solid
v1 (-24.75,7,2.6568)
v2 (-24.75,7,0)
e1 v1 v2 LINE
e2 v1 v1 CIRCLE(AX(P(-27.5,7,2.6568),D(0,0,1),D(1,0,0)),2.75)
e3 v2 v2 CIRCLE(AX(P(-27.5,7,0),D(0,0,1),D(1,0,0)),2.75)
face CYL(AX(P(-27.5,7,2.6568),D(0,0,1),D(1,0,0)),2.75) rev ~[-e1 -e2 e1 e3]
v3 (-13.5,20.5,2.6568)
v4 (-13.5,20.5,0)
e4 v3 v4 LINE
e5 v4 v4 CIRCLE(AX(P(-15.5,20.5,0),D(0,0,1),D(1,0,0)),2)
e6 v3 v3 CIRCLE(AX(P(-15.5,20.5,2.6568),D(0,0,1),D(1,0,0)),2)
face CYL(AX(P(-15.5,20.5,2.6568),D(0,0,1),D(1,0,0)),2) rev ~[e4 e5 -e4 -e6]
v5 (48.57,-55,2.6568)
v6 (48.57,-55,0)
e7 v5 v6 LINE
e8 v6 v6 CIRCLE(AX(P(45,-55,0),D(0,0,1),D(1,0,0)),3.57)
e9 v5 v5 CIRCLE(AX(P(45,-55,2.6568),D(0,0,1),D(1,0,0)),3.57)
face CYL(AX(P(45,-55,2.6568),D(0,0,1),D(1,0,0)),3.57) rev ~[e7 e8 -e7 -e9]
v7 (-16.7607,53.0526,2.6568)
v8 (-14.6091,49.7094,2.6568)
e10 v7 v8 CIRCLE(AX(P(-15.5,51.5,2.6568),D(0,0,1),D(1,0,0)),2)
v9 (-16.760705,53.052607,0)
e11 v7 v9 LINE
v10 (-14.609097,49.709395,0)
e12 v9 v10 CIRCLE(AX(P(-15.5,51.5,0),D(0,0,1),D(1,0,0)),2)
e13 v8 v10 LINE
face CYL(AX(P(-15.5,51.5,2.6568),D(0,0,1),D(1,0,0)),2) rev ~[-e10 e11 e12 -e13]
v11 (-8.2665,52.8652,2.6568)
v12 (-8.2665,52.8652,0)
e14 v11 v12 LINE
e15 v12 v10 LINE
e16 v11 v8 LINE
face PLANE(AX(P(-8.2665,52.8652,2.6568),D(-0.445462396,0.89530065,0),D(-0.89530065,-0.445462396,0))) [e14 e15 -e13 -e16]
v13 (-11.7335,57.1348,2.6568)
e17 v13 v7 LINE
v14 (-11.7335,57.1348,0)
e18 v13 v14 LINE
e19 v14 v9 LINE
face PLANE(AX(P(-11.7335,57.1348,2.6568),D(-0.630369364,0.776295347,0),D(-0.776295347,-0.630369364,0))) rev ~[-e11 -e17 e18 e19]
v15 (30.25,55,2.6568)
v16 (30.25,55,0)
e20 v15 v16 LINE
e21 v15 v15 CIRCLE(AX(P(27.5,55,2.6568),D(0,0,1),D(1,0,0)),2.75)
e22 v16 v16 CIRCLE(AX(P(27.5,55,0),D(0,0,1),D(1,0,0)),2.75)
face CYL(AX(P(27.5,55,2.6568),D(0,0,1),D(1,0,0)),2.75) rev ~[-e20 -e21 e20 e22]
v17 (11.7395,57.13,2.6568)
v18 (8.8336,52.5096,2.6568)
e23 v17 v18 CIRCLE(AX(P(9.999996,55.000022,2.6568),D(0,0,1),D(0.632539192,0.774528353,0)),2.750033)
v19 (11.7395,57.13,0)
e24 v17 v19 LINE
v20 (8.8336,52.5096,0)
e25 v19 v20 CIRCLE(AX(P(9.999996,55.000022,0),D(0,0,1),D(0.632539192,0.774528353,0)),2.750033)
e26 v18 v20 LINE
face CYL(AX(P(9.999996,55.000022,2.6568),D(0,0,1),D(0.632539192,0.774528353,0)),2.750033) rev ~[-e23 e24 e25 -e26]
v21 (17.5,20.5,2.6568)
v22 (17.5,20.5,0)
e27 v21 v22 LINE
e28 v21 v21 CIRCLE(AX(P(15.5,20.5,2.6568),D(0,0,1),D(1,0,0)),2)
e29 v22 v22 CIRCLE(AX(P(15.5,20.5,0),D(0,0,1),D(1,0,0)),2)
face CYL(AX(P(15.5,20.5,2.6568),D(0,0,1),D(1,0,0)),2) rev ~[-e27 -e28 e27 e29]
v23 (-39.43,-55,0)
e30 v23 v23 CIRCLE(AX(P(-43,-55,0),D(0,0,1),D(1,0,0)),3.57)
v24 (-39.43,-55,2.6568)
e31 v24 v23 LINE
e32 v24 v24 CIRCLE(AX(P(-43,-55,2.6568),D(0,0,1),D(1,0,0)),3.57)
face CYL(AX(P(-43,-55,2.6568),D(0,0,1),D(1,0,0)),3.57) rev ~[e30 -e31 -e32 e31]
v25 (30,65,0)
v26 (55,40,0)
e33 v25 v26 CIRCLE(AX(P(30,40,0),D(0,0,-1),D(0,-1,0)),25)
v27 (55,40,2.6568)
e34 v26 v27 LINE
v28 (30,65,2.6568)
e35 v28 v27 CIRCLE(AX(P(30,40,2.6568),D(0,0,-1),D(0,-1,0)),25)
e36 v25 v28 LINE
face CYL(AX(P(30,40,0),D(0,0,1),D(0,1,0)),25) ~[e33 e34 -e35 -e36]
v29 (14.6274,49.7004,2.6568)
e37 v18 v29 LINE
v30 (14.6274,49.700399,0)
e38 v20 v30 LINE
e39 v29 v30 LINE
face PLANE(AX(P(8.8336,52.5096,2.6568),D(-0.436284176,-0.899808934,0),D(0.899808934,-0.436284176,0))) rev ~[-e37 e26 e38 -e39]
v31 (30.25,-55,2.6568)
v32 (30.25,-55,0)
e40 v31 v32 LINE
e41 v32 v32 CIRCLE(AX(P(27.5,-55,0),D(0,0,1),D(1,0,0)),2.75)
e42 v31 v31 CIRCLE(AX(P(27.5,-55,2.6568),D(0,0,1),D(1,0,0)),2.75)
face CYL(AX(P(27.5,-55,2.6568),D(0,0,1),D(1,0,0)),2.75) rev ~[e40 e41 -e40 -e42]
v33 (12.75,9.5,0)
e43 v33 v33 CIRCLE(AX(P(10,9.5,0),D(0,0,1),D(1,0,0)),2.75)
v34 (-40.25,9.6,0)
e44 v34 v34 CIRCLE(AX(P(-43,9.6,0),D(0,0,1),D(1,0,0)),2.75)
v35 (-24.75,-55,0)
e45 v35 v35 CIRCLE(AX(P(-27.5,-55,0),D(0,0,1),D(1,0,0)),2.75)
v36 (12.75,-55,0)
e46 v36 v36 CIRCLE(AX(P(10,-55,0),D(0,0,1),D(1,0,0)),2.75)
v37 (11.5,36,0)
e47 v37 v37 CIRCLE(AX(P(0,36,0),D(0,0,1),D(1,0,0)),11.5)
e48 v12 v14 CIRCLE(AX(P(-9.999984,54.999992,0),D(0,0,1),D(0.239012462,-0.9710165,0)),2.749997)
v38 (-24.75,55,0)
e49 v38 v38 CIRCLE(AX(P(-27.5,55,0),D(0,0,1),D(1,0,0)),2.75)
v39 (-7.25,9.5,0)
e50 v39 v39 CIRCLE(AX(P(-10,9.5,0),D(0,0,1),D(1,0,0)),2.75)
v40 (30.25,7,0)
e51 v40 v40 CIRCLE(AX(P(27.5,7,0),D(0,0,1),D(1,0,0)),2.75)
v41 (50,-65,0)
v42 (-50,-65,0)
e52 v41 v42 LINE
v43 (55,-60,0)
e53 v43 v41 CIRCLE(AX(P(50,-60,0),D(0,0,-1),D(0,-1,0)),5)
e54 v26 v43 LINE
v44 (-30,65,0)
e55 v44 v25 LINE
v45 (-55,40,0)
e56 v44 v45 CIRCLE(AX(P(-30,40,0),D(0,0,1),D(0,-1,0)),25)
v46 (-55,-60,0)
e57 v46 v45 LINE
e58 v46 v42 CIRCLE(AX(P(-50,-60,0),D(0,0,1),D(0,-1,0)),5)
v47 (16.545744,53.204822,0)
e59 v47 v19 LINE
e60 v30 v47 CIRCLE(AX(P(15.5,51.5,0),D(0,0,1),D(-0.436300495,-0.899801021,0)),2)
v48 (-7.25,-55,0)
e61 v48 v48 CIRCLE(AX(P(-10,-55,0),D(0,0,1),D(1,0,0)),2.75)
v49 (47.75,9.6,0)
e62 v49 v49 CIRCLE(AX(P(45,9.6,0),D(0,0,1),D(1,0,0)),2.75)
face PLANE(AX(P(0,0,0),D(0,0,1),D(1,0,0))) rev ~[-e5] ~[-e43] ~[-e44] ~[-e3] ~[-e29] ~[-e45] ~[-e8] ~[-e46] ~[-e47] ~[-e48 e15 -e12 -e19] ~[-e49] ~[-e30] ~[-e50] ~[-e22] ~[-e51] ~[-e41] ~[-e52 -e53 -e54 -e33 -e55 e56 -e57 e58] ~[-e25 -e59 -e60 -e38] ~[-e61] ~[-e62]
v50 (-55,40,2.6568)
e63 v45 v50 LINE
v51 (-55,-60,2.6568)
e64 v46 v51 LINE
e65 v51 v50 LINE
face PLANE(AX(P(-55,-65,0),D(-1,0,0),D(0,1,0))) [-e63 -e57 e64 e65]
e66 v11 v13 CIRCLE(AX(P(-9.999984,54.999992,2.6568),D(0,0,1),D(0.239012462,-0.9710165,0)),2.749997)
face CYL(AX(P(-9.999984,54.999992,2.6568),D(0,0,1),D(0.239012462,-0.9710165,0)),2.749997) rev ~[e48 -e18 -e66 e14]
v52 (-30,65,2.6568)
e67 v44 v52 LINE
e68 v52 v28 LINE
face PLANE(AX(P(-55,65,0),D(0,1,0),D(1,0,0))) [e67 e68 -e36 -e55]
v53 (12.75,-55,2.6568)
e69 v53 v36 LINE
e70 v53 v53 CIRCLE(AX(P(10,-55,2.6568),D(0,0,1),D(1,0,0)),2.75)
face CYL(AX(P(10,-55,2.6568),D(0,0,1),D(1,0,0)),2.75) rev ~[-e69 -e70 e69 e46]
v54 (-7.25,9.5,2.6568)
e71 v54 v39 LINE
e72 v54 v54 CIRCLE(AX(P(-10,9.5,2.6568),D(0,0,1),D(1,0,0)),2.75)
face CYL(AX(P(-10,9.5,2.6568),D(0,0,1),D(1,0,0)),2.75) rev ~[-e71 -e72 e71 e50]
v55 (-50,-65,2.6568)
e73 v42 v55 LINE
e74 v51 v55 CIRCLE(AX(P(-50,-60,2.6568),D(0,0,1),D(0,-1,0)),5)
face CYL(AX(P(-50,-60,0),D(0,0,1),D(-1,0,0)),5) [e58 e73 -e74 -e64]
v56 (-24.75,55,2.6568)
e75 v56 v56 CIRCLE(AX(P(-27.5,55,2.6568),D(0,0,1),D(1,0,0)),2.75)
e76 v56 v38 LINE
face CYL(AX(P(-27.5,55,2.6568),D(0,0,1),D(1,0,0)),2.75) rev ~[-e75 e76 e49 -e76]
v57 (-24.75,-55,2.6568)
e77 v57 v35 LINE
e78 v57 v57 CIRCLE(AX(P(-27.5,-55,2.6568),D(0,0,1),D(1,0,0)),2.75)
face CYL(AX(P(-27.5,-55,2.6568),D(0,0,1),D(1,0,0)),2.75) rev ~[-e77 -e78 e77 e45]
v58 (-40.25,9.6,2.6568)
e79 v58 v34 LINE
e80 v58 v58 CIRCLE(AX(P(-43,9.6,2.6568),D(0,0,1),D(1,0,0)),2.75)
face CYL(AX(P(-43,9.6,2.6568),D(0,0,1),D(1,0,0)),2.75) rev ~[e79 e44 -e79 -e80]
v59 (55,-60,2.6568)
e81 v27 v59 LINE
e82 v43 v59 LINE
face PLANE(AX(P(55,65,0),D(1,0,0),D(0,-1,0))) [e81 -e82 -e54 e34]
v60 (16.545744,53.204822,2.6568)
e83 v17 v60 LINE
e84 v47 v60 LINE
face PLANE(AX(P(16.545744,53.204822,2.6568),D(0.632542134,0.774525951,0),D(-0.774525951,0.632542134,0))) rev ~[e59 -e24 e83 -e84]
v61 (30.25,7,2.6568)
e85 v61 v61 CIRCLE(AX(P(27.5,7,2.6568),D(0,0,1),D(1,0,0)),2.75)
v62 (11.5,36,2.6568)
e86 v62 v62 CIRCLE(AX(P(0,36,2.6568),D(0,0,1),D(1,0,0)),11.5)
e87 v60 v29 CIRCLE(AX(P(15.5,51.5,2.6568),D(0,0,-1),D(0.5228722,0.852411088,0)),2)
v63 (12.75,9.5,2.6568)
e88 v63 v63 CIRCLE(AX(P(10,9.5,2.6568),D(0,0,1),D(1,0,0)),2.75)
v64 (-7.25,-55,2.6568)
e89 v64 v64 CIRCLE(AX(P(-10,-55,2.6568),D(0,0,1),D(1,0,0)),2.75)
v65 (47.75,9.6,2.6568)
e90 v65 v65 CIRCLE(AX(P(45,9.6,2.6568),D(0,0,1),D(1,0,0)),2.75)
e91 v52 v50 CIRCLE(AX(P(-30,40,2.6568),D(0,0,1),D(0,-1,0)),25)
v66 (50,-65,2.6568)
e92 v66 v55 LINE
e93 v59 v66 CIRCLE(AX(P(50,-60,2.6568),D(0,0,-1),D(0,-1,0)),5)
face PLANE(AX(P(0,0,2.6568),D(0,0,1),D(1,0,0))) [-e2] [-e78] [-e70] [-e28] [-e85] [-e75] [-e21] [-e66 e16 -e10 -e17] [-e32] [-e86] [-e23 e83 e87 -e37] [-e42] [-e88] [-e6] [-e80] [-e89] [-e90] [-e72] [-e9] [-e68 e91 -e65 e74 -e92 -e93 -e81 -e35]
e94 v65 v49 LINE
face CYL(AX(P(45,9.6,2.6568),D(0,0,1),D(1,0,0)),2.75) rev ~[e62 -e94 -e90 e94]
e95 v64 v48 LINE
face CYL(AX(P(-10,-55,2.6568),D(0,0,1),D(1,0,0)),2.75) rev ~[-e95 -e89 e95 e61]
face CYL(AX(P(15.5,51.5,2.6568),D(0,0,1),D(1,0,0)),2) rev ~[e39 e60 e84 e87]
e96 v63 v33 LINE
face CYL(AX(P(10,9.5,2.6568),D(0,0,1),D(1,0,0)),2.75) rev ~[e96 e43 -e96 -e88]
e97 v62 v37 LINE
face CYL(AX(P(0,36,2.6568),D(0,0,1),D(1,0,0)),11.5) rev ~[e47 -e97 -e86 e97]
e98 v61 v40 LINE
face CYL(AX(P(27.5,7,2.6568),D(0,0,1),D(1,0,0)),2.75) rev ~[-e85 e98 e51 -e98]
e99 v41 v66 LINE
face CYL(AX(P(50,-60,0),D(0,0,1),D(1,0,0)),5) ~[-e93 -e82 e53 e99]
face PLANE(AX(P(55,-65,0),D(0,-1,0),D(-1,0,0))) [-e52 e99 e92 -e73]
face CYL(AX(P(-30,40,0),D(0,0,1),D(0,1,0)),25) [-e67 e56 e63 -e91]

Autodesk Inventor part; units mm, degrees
ref_plane "YZ Plane" through (0, 0, 0) normal (1, 0, 0) x (0, 1, 0)
ref_plane "XZ Plane" through (0, 0, 0) normal (0, 1, 0) x (-1, 0, 0)
ref_plane "XY Plane" through (0, 0, 0) normal (0, 0, 1) x (1, 0, 0)
sketch "Sketch1" plane through (0, 0, 0) normal (0, 0, 1) x (1, 0, 0)
  line L0 (-55, 65) -> (55, 65)
  line L1 (55, 65) -> (55, -65)
  line L2 (55, -65) -> (-55, -65)
  line L3 (-55, -65) -> (-55, 65)
  point P0 (0, 0)
  dimension "d0" = 110
  dimension "d1" = 130
  dimension "d2" = 65
  dimension "d3" = 55
extrude "profile" add sketch "Sketch1" along normal blind 2.6568
sketch "Sketch3" plane through (0, 0, 2.6568) normal (0, 0, 1) x (1, 0, 0)
  line L0 (-55, 65) -> (-55, -65) projected
  line L1 (-55, -65) -> (55, -65) projected
  circle A0 centre (-43, -55) radius 3.57
  circle A1 centre (-43, 9.6) radius 2.75
  circle A2 centre (-43, 9.6) radius 11.75 construction
  point P0 (0, 0)
  dimension "d15" = 7.14
  dimension "d16" = 5.5
  dimension "d17" = 64.6
  dimension "d18" = 10
  dimension "d19" = 12
  dimension "d21" = 12
extrude "Extrusion3" cut sketch "Sketch3" against normal through all
pattern_linear "Rectangular Pattern2" count 2 spacing 88 along (1, 0, 0) of "Extrusion3"
sketch "Sketch4" plane through (0, 0, 2.6568) normal (0, 0, 1) x (1, 0, 0)
  line L0 (55, 65) -> (-55, 65) projected
  line L1 (55, -65) -> (55, 65) projected
  circle A0 centre (0, 36) radius 11.5
  circle A1 centre (-15.5, 51.5) radius 2
  circle A2 centre (15.5, 51.5) radius 2
  circle A3 centre (-15.5, 20.5) radius 2
  circle A4 centre (15.5, 20.5) radius 2
  point P0 (0, 0)
  dimension "d27" = 23
  dimension "d28" = 29
  dimension "d29" = 4
  dimension "d30" = 15.5
  dimension "d31" = 15.5
  dimension "d36" = 55
  dimension "d51" = 31
  dimension "d54" = 31
extrude "nema17_mount" cut sketch "Sketch4" against normal through all
fillet "Fillet1" radius 25 2 edges at (55, 65, 1.3284) (-55, 65, 1.3284)
sketch "Sketch5" plane through (0, 0, 2.6568) normal (0, 0, 1) x (1, 0, 0)
  line L0 (-55, 65) -> (-55, -65) projected
  line L1 (-55, -65) -> (55, -65) projected
  circle A0 centre (-10, 9.5) radius 2.75
  line L2 (30, 65) -> (-30, 65) projected
  circle A1 centre (10, 9.5) radius 2.75
  point P0 (67.5, -65)
  point P1 (-72.5, 60)
  point P2 (-72.5, -60)
  point P3 (-67.5, -65)
  point P4 (0, 0)
  dimension "d41" = 5.5
  dimension "d42" = 74.5
  dimension "d43" = 45
  dimension "d59" = 20
extrude "idler_holes" cut sketch "Sketch5" against normal through all
sketch "Sketch7" plane through (0, 0, 2.6568) normal (0, 0, 1) x (1, 0, 0)
  circle A0 centre (-15.5, 51.5) radius 2 projected
  line L0 (-55, 40) -> (-55, -65) projected
  line L1 (30, 65) -> (-30, 65) projected
  arc A1 (-9.3427, 52.3297) -> (-11.7335, 57.1348) centre (-10, 55) ccw
  arc A2 (11.7395, 57.13) -> (8.8336, 52.5096) centre (10, 55) ccw
  line L2 (-11.7335, 57.1348) -> (-16.7607, 53.0526)
  line L3 (-8.2665, 52.8652) -> (-14.6091, 49.7094)
  circle A3 centre (15.5, 51.5) radius 2 projected
  line L4 (8.8336, 52.5096) -> (14.6274, 49.7004)
  line L5 (16.9616, 52.8652) -> (11.7395, 57.13)
  point P0 (0, 0)
  dimension "d70" = 5.5
  dimension "d71" = 5.5
  dimension "d72" = 10
  dimension "d73" = 10
  dimension "d74" = 20
  dimension "d75" = 45
extrude "Extrusion7" cut sketch "Sketch7" against normal through all contours A0 L2 A1 L3 | L5 A3 L4 A2 | L5 A3 picked at (16.0496, 50.6933)
sketch "Sketch8" plane through (0, 0, 2.6568) normal (0, 0, 1) x (1, 0, 0)
  line L0 (-55, 40) -> (-55, -65) projected
  line L1 (-55, -65) -> (55, -65) projected
  circle A0 centre (-10, -55) radius 2.75
  circle A1 centre (10, -55) radius 2.75
  point P0 (0, 0)
  dimension "d78" = 5.5
  dimension "d79" = 5.5
  dimension "d80" = 20
  dimension "d81" = 10
  dimension "d82" = 10
  dimension "d83" = 45
extrude "Extrusion8" cut sketch "Sketch8" against normal through all
sketch "Sketch9" plane through (0, 0, 2.6568) normal (0, 0, 1) x (1, 0, 0)
  line L0 (-55, 40) -> (-55, -65) projected
  line L1 (-55, -65) -> (55, -65) projected
  circle A0 centre (-27.5, 7) radius 2.75
  point P0 (0, 0)
  dimension "d86" = 5.5
  dimension "d87" = 27.5
  dimension "d88" = 72
extrude "Extrusion9" cut sketch "Sketch9" against normal through all
pattern_linear "Rectangular Pattern4" count 2 spacing 55 along (1, 0, 0) count 2 spacing 62 along (0, -1, 0) of "Extrusion9"
fillet "Fillet3" radius 5 2 edges at (55, -65, 1.3284) (-55, -65, 1.3284)
sketch "Sketch10" plane through (0, 0, 2.6568) normal (0, 0, 1) x (1, 0, 0)
  line L0 (30, 65) -> (-30, 65) projected
  line L1 (-55, 40) -> (-55, -60) projected
  circle A0 centre (-27.5, 55) radius 2.75
  circle A1 centre (27.5, 55) radius 2.75
  point P0 (0, 0)
  dimension "d98" = 5.5
  dimension "d99" = 5.5
  dimension "d100" = 27.5
  dimension "d101" = 82.5
  dimension "d102" = 10
  dimension "d103" = 10
extrude "Extrusion10" cut sketch "Sketch10" against normal through all
equation "\"d2\" = 0.5 * d1"
equation "\"d3\" = 0.5 * d0"
equation "\"d72\" = d73"
equation "\"d82\" = d81"
properties part number "x_motor_mount_v2" material "Steel, Mild"
